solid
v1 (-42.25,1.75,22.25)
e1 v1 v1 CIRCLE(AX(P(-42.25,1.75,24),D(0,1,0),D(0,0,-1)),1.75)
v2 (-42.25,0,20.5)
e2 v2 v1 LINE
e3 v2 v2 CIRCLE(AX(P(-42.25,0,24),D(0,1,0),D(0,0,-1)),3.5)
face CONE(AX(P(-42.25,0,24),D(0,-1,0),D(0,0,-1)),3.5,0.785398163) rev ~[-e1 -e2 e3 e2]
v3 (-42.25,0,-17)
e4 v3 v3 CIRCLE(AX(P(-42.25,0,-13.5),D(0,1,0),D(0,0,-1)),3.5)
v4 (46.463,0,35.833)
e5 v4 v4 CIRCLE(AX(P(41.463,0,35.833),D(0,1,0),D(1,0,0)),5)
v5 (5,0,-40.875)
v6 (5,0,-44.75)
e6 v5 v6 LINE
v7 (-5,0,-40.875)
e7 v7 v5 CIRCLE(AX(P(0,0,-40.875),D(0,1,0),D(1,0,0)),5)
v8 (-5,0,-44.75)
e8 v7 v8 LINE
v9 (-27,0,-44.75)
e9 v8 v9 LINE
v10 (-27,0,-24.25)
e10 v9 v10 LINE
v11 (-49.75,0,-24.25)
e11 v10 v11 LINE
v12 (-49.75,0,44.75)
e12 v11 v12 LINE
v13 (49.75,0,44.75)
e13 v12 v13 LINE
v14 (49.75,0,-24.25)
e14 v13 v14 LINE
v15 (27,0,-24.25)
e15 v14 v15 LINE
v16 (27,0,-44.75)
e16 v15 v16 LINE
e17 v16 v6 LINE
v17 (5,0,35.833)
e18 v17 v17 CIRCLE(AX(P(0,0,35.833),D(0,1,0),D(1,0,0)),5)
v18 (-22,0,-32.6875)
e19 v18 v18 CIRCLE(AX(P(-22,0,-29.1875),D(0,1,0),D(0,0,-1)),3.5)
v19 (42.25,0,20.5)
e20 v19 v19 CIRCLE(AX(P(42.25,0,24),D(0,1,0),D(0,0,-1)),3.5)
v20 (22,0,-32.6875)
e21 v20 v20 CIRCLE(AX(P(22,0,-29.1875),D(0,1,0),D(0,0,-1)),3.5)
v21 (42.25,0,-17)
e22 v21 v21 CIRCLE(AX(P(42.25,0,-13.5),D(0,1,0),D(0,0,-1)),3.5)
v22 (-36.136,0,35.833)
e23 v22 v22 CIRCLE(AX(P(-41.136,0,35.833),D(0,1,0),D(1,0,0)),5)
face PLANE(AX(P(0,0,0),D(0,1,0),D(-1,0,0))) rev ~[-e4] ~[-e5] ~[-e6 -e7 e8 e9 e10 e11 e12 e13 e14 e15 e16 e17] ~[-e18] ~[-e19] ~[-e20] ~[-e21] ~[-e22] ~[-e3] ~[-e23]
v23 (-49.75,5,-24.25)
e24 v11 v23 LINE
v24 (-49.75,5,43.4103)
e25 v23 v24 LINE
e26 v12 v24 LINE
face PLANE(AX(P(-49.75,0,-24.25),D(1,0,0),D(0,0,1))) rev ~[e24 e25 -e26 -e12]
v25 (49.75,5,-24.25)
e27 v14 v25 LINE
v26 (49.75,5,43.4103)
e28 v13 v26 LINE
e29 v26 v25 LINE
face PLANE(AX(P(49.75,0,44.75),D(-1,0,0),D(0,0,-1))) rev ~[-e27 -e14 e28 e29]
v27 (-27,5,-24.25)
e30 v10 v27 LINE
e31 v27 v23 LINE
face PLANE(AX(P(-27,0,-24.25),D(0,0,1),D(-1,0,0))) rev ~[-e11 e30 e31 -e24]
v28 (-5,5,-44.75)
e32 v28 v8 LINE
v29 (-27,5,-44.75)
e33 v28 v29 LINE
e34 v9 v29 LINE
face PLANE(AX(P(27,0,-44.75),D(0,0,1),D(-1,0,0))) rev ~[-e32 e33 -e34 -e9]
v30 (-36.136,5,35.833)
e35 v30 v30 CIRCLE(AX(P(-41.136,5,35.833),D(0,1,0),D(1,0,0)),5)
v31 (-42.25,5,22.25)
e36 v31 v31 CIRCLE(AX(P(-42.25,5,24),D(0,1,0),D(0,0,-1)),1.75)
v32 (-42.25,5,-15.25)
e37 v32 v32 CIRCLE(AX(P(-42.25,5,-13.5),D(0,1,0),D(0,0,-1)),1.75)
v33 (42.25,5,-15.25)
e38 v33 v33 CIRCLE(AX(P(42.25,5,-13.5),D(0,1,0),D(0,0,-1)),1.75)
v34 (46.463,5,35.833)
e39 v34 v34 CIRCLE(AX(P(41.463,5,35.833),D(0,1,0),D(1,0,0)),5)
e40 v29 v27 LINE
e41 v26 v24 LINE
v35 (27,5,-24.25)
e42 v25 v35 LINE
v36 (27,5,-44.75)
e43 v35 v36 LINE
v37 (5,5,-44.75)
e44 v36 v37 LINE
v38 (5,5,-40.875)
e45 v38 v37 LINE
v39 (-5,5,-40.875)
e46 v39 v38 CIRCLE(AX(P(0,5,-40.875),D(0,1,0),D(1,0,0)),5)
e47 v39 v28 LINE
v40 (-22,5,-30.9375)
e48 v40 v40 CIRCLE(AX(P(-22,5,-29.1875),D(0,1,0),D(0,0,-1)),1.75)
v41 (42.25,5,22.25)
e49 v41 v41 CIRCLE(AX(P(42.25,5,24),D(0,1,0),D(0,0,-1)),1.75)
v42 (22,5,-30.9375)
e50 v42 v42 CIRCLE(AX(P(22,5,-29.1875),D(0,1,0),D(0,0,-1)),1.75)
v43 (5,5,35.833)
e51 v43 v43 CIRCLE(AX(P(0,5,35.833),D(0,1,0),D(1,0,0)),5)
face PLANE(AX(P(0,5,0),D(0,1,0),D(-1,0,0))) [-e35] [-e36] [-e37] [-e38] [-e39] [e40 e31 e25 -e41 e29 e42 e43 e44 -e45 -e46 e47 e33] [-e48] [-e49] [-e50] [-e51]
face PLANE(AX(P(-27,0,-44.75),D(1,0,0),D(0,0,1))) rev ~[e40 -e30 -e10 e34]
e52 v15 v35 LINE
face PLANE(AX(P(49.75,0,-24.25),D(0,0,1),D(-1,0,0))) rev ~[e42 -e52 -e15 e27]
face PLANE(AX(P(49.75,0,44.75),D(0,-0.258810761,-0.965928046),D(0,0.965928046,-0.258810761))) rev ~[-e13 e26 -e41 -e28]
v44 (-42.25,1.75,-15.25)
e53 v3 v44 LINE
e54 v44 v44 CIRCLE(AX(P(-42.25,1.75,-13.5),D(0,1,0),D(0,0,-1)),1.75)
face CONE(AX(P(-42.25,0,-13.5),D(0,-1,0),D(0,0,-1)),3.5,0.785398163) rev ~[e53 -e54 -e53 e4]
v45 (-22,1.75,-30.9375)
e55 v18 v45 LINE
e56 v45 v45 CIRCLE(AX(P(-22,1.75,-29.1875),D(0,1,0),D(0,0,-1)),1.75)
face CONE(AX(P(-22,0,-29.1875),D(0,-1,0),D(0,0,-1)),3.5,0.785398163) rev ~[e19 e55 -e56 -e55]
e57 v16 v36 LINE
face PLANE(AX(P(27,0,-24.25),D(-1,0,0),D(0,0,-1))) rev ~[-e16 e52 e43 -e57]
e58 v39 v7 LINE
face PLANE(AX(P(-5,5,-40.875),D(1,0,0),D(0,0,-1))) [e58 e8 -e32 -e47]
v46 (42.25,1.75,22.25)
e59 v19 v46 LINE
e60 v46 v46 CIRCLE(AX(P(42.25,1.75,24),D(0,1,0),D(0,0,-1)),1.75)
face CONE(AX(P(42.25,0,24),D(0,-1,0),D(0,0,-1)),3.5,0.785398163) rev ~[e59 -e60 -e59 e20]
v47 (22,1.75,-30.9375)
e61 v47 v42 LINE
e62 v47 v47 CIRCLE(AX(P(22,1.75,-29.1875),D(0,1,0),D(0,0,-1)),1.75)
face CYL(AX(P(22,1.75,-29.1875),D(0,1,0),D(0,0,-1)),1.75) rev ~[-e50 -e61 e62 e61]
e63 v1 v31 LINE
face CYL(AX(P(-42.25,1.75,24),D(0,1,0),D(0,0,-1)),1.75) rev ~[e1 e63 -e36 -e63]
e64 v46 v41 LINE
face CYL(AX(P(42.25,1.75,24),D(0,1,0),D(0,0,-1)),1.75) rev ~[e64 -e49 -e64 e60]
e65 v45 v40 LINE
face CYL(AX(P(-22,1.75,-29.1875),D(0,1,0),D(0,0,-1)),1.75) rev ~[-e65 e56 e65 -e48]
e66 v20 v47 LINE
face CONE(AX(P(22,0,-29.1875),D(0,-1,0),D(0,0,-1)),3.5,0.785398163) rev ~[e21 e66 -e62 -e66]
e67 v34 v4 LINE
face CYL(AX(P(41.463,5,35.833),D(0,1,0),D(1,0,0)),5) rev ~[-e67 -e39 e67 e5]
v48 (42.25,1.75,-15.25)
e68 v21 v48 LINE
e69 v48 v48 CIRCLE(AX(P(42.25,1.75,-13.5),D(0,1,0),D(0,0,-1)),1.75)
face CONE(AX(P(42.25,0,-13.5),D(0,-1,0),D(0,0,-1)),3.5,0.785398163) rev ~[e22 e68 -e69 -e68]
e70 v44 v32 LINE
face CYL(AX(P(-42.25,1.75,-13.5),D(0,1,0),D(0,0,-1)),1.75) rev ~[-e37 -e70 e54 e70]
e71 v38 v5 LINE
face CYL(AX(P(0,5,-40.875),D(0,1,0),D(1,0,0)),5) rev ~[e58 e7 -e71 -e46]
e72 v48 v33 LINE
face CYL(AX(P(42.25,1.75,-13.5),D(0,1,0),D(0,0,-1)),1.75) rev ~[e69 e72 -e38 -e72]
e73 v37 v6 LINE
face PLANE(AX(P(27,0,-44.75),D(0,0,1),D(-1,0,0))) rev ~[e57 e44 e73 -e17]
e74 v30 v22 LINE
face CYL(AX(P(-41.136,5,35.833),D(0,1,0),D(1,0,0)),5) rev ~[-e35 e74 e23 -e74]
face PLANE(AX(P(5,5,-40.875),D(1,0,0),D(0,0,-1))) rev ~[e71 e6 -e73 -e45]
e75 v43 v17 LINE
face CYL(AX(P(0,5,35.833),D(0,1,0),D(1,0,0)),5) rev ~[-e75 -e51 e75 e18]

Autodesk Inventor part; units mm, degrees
ref_plane "YZ Plane" through (0, 0, 0) normal (1, 0, 0) x (0, 1, 0)
ref_plane "XZ Plane" through (0, 0, 0) normal (0, 1, 0) x (-1, 0, 0)
ref_plane "XY Plane" through (0, 0, 0) normal (0, 0, 1) x (1, 0, 0)
sketch "Náčrt1" plane through (0, 0, 0) normal (0, 1, 0) x (-1, 0, 0)
  line L0 (49.75, -24.25) -> (49.75, 44.75)
  line L1 (49.75, 44.75) -> (-49.75, 44.75)
  line L2 (-49.75, 44.75) -> (-49.75, -24.25)
  line L3 (-49.75, -24.25) -> (-27, -24.25)
  line L4 (-27, -24.25) -> (-27, -44.75)
  line L5 (-27, -44.75) -> (27, -44.75)
  line L6 (27, -44.75) -> (27, -24.25)
  line L7 (27, -24.25) -> (49.75, -24.25)
  line L8 (49.75, -44.75) -> (0, 0) construction
  line L9 (0, 0) -> (-49.75, -44.75) construction
  line L10 (49.75, 44.75) -> (0, 0) construction
  line L11 (-49.75, 44.75) -> (0, 0) construction
  dimension "d0" = 99.5
  dimension "d1" = 89.5
  dimension "d2" = 20.5
  dimension "d3" = 54
extrude "Vysunutí1" add sketch "Náčrt1" along normal blind 5
sketch "Náčrt2" plane through (0, 5, 0) normal (0, 1, 0) x (1, 0, 0)
  circle A0 centre (0, -35.833) radius 5
  circle A1 centre (41.463, -35.833) radius 5
  circle A2 centre (-41.136, -35.833) radius 5
  circle A3 centre (0, 40.875) radius 5
  line L0 (49.75, -44.75) -> (49.75, 24.25) projected
  line L1 (-49.75, 24.25) -> (-49.75, -44.75) projected
  line L2 (-49.75, -44.75) -> (49.75, -44.75) projected
  line L3 (27, 44.75) -> (-27, 44.75) projected
  line L4 (-5, 40.875) -> (-5, 44.75)
  line L5 (5, 40.875) -> (5, 44.75)
  point P0 (0, 0)
  point P1 (3.1598, 44.75)
  point P2 (-3.1598, 44.75)
  dimension "d6" = 10
  dimension "d7" = 8.287
  dimension "d8" = 8.614
  dimension "d9" = 8.917
  dimension "d10" = 3.875
extrude "Vysunutí2" cut sketch "Náčrt2" against normal through all
sketch "Náčrt3" plane through (49.75, 0, 44.75) normal (1, 0, 0) x (0, 0, -1)
  line L0 (0, 0) -> (69, 0) projected
  line L1 (0, 0) -> (1.3397, 5)
  line L2 (69, 5) -> (0, 5) projected
  line L3 (0, 0) -> (0, 5) projected
  point P0 (44.75, 0)
  dimension "d13" = 75
extrude "Vysunutí3" cut sketch "Náčrt3" against normal through all
sketch "Náčrt4" plane through (0, 0, 0) normal (0, -1, 0) x (1, 0, 0)
  line L0 (49.75, -24.25) -> (27, -24.25) projected
  line L1 (49.75, 44.75) -> (49.75, -24.25) projected
  line L2 (-49.75, -24.25) -> (-49.75, 44.75) projected
  line L3 (-27, -44.75) -> (-27, -24.25) projected
  line L4 (27, -24.25) -> (27, -44.75) projected
  point P0 (0, 0)
  point P1 (42.25, -13.5)
  point P2 (-42.25, -13.5)
  point P3 (42.25, 24)
  point P4 (-42.25, 24)
  point P5 (22, -29.1875)
  point P6 (-22, -29.1875)
  dimension "d16" = 10.75
  dimension "d17" = 7.5
  dimension "d18" = 7.5
  dimension "d19" = 37.5
  dimension "d27" = 5
  dimension "d28" = 5
  dimension "d29" = 4.9375
hole "Díra1" at (-42.25, 0, -13.5) at (-42.25, 0, 24) at (42.25, 0, 24) at (42.25, 0, -13.5) at (22, 0, -29.1875) at (-22, 0, -29.1875) direction (0, 1, 0) diameter 3.5 end through all countersink diameter 7 countersink angle 90
properties part number "plech"
